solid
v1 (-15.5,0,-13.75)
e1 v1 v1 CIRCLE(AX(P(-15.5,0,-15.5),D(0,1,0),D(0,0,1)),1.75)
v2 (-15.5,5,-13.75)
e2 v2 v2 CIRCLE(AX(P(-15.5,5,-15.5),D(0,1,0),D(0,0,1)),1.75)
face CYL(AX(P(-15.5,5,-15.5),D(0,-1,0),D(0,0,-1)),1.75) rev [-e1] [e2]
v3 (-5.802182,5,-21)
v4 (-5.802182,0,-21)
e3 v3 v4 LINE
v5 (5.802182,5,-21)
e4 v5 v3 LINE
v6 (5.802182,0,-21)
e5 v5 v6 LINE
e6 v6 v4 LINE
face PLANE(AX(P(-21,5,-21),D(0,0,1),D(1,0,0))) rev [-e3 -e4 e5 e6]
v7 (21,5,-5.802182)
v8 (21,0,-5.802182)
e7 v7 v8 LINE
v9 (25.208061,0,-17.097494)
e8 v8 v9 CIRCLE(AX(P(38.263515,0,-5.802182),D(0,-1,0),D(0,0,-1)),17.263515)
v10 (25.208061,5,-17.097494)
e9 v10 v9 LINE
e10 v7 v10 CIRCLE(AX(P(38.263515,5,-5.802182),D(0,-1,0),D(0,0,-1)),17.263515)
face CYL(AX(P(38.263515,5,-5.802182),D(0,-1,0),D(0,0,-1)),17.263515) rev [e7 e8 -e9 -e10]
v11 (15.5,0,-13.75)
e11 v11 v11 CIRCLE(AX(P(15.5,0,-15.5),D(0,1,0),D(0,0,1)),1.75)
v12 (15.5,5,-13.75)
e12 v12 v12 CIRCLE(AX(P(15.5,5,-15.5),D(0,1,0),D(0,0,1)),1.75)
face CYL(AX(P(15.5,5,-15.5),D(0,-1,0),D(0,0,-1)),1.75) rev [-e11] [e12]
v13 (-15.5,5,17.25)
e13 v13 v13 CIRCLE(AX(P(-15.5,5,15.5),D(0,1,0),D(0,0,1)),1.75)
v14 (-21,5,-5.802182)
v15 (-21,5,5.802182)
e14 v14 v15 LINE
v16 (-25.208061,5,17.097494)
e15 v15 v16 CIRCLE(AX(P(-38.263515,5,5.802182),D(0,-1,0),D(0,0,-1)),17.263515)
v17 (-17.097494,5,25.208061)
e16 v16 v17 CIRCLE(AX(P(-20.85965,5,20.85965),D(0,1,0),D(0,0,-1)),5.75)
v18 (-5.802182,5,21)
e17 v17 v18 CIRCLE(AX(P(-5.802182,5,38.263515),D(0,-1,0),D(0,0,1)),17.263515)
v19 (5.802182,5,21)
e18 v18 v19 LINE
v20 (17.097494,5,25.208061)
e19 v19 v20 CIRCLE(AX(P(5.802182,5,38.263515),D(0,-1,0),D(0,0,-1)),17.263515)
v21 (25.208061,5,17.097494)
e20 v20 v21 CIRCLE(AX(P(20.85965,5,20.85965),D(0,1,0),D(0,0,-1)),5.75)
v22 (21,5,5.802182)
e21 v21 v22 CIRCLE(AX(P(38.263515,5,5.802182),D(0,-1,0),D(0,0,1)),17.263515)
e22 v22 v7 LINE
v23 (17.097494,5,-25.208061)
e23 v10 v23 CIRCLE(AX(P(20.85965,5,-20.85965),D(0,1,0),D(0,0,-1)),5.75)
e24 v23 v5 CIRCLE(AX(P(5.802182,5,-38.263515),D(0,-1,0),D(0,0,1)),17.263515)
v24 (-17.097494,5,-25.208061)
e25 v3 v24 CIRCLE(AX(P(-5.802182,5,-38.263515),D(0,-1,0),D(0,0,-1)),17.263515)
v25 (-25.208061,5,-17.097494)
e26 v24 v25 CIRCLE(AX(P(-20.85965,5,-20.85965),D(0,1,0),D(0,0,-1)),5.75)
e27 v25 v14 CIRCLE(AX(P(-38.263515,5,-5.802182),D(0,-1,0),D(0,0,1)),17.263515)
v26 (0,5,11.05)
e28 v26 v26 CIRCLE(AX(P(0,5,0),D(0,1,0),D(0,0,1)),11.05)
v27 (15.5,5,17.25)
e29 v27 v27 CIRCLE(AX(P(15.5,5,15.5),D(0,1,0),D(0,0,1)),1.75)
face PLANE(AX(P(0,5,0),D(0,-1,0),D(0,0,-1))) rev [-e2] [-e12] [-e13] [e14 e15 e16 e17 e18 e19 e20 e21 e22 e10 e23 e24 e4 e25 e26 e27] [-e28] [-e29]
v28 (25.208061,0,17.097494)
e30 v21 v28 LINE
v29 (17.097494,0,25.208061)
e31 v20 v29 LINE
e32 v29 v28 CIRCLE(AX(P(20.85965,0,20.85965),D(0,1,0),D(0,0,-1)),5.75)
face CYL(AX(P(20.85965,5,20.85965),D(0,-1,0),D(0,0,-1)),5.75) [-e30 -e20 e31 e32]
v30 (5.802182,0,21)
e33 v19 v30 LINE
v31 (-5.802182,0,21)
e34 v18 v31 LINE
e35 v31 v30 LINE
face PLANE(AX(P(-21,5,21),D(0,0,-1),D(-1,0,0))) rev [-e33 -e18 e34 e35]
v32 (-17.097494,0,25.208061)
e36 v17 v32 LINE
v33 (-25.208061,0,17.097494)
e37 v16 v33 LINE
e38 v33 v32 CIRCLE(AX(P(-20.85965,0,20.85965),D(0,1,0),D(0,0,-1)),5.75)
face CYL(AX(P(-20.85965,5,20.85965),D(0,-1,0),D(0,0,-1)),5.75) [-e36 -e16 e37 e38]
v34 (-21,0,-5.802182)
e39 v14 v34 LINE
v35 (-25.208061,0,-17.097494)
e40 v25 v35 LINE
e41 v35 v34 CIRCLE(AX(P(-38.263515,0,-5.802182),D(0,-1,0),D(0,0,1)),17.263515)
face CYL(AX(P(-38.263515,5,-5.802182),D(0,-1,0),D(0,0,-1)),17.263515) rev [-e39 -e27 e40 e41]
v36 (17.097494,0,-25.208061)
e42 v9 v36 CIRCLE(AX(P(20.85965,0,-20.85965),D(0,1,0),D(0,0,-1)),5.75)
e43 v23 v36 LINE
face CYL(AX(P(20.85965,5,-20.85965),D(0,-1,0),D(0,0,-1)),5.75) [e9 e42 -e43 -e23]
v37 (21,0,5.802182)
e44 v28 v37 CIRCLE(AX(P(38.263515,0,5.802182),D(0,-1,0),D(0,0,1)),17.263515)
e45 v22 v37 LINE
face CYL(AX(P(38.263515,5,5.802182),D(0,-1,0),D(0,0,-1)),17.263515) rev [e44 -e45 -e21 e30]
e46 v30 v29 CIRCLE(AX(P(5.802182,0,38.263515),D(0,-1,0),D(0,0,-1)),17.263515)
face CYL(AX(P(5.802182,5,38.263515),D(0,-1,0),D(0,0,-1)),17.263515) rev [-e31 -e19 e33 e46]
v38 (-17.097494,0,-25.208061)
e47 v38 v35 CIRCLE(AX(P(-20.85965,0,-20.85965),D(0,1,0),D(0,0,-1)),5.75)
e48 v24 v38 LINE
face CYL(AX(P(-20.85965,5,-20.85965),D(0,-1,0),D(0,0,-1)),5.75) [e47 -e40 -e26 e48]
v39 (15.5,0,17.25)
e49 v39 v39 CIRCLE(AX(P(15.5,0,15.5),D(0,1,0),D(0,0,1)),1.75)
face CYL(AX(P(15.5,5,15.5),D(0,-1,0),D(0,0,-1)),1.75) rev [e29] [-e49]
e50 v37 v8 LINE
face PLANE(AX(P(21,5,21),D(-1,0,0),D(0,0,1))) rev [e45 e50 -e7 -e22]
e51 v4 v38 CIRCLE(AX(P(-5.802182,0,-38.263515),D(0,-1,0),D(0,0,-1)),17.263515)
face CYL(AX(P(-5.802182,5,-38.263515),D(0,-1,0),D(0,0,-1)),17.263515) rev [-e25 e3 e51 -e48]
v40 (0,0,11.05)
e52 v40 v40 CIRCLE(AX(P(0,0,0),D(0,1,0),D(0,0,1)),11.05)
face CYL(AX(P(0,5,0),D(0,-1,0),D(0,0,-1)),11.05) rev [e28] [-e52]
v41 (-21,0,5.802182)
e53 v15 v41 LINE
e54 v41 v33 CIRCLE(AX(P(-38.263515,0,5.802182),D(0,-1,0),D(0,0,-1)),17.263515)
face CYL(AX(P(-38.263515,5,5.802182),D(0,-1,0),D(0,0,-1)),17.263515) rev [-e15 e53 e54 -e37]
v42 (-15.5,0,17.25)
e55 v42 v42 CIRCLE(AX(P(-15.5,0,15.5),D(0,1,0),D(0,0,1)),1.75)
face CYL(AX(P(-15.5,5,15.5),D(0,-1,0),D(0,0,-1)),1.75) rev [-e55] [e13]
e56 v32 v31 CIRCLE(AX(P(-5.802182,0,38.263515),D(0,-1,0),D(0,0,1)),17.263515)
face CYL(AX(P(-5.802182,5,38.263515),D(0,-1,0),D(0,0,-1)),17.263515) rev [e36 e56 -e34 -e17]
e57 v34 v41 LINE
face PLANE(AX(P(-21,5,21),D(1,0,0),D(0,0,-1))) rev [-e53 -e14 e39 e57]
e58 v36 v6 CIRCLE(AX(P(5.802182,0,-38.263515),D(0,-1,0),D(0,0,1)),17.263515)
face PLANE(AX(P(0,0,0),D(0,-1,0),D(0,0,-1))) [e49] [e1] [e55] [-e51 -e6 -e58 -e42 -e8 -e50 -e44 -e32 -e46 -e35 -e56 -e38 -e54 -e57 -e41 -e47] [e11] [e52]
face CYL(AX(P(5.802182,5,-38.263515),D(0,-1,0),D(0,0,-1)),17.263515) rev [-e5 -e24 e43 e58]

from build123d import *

# Parameters (mm, degrees)
SKETCH_1_W      = 42
SKETCH_1_H      = 42
SKETCH_1_R      = 11.05
SKETCH_1_R_2    = 1.75
EXTRUDE_1_DEPTH = 5
EXTRUDE_2_DEPTH = 5


with BuildPart() as part:
    # 草图1 → 凸台-拉伸1 (new body)
    with BuildSketch(Plane(origin=(0, 0, 0), x_dir=(1, 0, 0), z_dir=(0, 1, 0))):
        Rectangle(SKETCH_1_W, SKETCH_1_H)
        with Locations(Location((0, 0, 0), (0, 0, 270))):
            Circle(SKETCH_1_R, mode=Mode.SUBTRACT)
        with Locations(Location((15.5, 15.5, 0), (0, 0, 270))):
            Circle(SKETCH_1_R_2, mode=Mode.SUBTRACT)
        with Locations(Location((15.5, -15.5, 0), (0, 0, 270))):
            Circle(SKETCH_1_R_2, mode=Mode.SUBTRACT)
        with Locations(Location((-15.5, -15.5, 0), (0, 0, 270))):
            Circle(SKETCH_1_R_2, mode=Mode.SUBTRACT)
        with Locations(Location((-15.5, 15.5, 0), (0, 0, 270))):
            Circle(SKETCH_1_R_2, mode=Mode.SUBTRACT)
    extrude(amount=EXTRUDE_1_DEPTH)

    # 草图2 → 凸台-拉伸2 (add)
    with BuildSketch(Plane(origin=(0, 0, 0), x_dir=(1, 0, 0), z_dir=(0, 1, 0))):
        with BuildLine():
            Line((-5.80218169, -21), (-21, -21))
            Line((-21, -21), (-21, -5.80218169))
            ThreePointArc((-21, -5.80218169), (-22.086185579, -11.829035113), (-25.208061098, -17.097493573))
            ThreePointArc((-25.208061098, -17.097493573), (-24.925514037, -24.925514037), (-17.097493573, -25.208061098))
            ThreePointArc((-17.097493573, -25.208061098), (-11.829035113, -22.086185579), (-5.80218169, -21))
        make_face()
        with BuildLine():
            Line((21, -5.80218169), (21, -21))
            Line((21, -21), (5.80218169, -21))
            ThreePointArc((5.80218169, -21), (11.829035113, -22.086185579), (17.097493573, -25.208061098))
            ThreePointArc((17.097493573, -25.208061098), (24.925514037, -24.925514037), (25.208061098, -17.097493573))
            ThreePointArc((25.208061098, -17.097493573), (22.086185579, -11.829035113), (21, -5.80218169))
        make_face()
        with BuildLine():
            Line((-21, 5.80218169), (-21, 21))
            Line((-21, 21), (-5.80218169, 21))
            ThreePointArc((-5.80218169, 21), (-11.829035113, 22.086185579), (-17.097493573, 25.208061098))
            ThreePointArc((-17.097493573, 25.208061098), (-24.925514037, 24.925514037), (-25.208061098, 17.097493573))
            ThreePointArc((-25.208061098, 17.097493573), (-22.086185579, 11.829035113), (-21, 5.80218169))
        make_face()
        with BuildLine():
            Line((5.80218169, 21), (21, 21))
            Line((21, 21), (21, 5.80218169))
            ThreePointArc((21, 5.80218169), (22.086185579, 11.829035113), (25.208061098, 17.097493573))
            ThreePointArc((25.208061098, 17.097493573), (24.925514037, 24.925514037), (17.097493573, 25.208061098))
            ThreePointArc((17.097493573, 25.208061098), (11.829035113, 22.086185579), (5.80218169, 21))
        make_face()
    extrude(amount=EXTRUDE_2_DEPTH)


solid = part.part
